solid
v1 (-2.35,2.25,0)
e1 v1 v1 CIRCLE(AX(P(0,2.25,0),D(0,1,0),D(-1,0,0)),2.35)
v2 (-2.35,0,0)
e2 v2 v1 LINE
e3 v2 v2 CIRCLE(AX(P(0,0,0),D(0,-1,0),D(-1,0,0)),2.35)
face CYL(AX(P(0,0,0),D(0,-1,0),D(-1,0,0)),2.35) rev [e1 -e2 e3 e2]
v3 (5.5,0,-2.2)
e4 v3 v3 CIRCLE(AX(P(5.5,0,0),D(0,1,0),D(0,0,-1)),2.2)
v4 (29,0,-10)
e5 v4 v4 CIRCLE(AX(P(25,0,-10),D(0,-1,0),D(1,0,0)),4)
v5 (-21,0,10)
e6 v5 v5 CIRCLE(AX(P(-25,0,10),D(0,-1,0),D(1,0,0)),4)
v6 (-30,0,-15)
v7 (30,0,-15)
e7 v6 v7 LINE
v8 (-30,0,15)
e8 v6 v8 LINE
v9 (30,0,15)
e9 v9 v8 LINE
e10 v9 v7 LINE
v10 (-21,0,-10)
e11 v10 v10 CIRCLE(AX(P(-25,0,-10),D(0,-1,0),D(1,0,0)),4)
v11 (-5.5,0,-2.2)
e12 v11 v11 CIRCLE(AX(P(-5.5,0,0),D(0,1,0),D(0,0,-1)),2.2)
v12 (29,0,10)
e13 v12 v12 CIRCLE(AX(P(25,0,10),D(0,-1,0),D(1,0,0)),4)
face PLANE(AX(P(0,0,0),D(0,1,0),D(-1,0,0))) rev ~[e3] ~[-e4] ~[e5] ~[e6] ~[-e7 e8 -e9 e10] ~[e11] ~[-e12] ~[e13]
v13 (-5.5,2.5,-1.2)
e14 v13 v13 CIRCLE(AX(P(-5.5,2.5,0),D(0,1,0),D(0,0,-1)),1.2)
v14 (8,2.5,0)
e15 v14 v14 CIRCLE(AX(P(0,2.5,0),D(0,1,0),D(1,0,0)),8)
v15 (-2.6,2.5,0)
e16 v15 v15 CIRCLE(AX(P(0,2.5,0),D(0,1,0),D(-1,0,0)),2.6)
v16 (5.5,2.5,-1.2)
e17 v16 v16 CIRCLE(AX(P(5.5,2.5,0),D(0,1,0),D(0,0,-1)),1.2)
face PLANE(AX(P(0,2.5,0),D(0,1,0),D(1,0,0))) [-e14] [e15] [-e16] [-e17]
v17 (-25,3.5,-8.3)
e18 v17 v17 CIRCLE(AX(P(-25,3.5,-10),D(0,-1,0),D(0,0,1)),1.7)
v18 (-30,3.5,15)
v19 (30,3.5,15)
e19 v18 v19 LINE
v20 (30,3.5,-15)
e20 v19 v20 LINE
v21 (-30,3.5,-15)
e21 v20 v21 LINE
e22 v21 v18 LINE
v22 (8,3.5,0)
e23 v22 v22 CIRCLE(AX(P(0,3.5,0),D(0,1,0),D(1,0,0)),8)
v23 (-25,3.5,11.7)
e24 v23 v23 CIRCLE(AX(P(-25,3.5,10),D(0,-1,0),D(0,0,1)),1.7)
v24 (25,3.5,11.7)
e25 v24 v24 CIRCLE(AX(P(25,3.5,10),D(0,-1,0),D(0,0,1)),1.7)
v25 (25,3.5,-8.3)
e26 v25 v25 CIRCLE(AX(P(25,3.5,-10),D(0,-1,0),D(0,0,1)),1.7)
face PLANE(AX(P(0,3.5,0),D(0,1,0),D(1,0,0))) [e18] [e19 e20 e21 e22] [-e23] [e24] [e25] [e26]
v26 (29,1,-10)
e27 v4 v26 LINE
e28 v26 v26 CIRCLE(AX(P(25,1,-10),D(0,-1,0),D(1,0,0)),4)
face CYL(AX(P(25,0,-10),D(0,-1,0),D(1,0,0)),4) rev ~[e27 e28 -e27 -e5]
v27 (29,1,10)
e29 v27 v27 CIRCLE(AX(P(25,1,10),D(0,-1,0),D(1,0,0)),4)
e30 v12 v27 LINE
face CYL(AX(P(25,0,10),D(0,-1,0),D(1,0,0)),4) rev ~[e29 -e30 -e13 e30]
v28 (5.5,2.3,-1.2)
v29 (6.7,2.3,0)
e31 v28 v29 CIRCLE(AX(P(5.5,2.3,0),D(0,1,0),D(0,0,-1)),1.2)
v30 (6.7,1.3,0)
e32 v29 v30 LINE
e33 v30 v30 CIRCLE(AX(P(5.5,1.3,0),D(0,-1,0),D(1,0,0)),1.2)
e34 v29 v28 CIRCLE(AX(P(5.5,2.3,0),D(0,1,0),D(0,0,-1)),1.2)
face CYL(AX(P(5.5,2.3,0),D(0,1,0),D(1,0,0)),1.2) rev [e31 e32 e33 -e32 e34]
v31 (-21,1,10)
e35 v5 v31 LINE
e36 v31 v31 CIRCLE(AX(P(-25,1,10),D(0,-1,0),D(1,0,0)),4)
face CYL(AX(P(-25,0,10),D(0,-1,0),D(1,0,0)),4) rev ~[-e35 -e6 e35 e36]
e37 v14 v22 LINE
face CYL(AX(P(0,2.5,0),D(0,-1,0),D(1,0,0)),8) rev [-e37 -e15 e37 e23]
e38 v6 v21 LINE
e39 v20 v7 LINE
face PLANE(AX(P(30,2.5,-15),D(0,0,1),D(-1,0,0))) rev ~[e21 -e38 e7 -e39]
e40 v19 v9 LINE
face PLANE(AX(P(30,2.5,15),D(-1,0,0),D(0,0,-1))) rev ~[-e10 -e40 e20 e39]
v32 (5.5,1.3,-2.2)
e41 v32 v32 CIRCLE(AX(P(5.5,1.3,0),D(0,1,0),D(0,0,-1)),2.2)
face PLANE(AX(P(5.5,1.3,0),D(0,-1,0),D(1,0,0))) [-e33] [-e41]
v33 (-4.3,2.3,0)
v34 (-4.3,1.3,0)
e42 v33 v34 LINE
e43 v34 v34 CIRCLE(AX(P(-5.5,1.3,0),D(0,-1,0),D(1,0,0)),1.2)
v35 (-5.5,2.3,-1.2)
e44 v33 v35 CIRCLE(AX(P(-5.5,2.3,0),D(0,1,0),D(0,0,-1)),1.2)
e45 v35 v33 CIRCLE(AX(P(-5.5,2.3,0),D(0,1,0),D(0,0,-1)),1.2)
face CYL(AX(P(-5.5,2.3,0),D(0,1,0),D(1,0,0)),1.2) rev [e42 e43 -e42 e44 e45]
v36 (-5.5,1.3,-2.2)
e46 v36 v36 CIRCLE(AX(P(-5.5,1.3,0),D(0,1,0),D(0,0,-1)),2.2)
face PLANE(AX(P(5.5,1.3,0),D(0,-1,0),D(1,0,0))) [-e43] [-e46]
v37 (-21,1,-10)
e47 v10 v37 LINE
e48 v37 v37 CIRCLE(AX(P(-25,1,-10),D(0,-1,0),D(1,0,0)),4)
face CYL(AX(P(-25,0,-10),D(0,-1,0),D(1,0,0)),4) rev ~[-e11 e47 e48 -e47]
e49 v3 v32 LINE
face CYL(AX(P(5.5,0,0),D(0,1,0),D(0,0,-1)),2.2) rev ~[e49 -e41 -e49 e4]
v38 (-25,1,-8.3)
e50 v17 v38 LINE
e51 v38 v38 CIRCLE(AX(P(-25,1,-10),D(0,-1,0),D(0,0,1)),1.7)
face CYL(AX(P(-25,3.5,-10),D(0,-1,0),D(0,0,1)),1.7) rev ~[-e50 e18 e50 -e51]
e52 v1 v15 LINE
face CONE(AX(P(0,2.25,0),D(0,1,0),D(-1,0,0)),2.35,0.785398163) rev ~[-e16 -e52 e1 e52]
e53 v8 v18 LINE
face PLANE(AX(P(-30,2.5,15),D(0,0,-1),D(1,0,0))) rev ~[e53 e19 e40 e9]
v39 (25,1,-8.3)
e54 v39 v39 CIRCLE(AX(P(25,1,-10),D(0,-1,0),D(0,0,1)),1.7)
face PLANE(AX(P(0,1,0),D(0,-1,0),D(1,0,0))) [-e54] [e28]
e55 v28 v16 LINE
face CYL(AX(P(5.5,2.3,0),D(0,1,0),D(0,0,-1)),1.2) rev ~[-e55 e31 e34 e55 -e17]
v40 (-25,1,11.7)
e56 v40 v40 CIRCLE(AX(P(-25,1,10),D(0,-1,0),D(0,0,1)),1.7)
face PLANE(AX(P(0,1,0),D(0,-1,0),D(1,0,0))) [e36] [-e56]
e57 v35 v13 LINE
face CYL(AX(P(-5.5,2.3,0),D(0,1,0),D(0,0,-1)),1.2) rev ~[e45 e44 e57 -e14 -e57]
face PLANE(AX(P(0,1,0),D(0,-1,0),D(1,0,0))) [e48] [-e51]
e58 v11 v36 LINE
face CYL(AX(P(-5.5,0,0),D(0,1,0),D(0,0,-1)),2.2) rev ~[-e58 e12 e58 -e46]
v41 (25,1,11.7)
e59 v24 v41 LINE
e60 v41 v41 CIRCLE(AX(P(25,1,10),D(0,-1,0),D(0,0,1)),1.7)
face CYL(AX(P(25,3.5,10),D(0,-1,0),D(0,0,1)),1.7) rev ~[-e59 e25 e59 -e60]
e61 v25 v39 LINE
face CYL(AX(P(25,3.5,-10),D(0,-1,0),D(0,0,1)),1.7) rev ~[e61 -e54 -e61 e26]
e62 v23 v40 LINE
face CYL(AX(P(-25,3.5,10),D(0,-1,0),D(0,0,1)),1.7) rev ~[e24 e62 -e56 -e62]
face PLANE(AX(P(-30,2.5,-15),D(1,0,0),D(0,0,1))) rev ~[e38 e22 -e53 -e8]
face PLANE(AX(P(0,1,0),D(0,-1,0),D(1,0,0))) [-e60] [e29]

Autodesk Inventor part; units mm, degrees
ref_plane "YZ Plane" through (0, 0, 0) normal (1, 0, 0) x (0, 1, 0)
ref_plane "XZ Plane" through (0, 0, 0) normal (0, 1, 0) x (-1, 0, 0)
ref_plane "XY Plane" through (0, 0, 0) normal (0, 0, 1) x (1, 0, 0)
sketch "Sketch1" plane through (0, 0, 0) normal (0, 1, 0) x (-1, 0, 0)
  circle A0 centre (0, 0) radius 8 construction
  circle A1 centre (0, 0) radius 2.35
  line L0 (30, 15) -> (-30, 15)
  line L1 (-30, 15) -> (-30, -15)
  line L2 (-30, -15) -> (30, -15)
  line L3 (30, -15) -> (30, 15)
  line L4 (0, -21) -> (0, 21) projected
  point P0 (0, 15)
  dimension "d0" = 16
  dimension "d3" = 4.7
  dimension "d4" = 60
  dimension "d5" = 30
  dimension "d6" = 15
extrude "Extrusion1" add sketch "Sketch1" along normal blind 2.5 contours A1 L4 L0 L3 L2 | A1 L4 L2 L1 L0
sketch "Sketch2" plane through (0, 2.5, 0) normal (0, 1, 0) x (1, 0, 0)
  circle A0 centre (0, 0) radius 3.5
  line L0 (-30, 15) -> (-30, -15) projected
  line L1 (-30, -15) -> (30, -15) projected
  line L2 (30, -15) -> (30, 15) projected
  line L3 (30, 15) -> (-30, 15) projected
  circle A1 centre (0, 0) radius 2.35 projected
  dimension "d9" = 7
extrude "Extrusion2" add sketch "Sketch2" along normal blind 1 contours L3 L2 L1 L0
sketch "Sketch4" plane through (0, 0, 0) normal (0, -1, 0) x (1, 0, 0)
  line L0 (-42, 0) -> (42, 0) projected
  point P0 (0, 0)
  point P1 (-5.5, 0)
  point P2 (5.5, 0)
  dimension "d18" = 360
  dimension "d20" = 5.5
hole "Hole1" at (-5.5, 0, 0) at (5.5, 0, 0) direction (0, 1, 0) diameter 2.4 end through all counterbore diameter 4.4 counterbore depth 2.3 clearance for "Socket Head Cap Screw ISO 4762" size "M2" standard "ISO"
sketch "Sketch5" plane through (0, 2.5, 0) normal (0, 1, 0) x (1, 0, 0)
  circle A0 centre (0, 0) radius 8
  dimension "d30" = 16
extrude "Extrusion3" cut sketch "Sketch5" along normal blind 1
sketch "Sketch7" plane through (0, 0, 0) normal (0, -1, 0) x (1, 0, 0)
  circle A0 centre (-25, 10) radius 4
  line L0 (-30, 15) -> (30, 15) projected
  line L1 (-30, -15) -> (-30, 15) projected
  circle A1 centre (25, 10) radius 4
  circle A2 centre (-25, -10) radius 4
  circle A3 centre (25, -10) radius 4
  point P0 (0, 0)
  dimension "d34" = 8
  dimension "d35" = 5
  dimension "d36" = 5
  dimension "d39" = 50
  dimension "d42" = 20
extrude "Extrusion4" cut sketch "Sketch7" against normal blind 1
chamfer "Chamfer1" distance 0.25 angle 45 1 edges at (2.35, 2.5, 0)
sketch "Sketch9" plane through (0, 3.5, 0) normal (0, 1, 0) x (1, 0, 0)
  circle A0 centre (-25, -10) radius 4 construction
  point P0 (0, 0)
hole "Hole2" at (-25, 3.5, 10) direction (0, -1, 0) diameter 3.4 end through all clearance for "Socket Head Cap Screw ISO 4762" size "M3" standard "ISO"
pattern_linear "Rectangular Pattern1" count 2 spacing 20 along (0, 0, -1) count 2 spacing 50 along (1, 0, 0) of "Hole2"
sketch "Sketch10" plane through (5.5, 2.3, 0) normal (0, -1, 0) x (1, 0, 0)
  circle A0 centre (0, 0) radius 2.2 projected
  circle A1 centre (0, 0) radius 1.2 projected
  circle A2 centre (-11, 0) radius 2.2 projected
  circle A3 centre (-11, 0) radius 1.2 projected
  point P0 (-5.5, 0)
extrude "Extrusion6" add sketch "Sketch10" along normal blind 1
properties part number "motor mount plate"
